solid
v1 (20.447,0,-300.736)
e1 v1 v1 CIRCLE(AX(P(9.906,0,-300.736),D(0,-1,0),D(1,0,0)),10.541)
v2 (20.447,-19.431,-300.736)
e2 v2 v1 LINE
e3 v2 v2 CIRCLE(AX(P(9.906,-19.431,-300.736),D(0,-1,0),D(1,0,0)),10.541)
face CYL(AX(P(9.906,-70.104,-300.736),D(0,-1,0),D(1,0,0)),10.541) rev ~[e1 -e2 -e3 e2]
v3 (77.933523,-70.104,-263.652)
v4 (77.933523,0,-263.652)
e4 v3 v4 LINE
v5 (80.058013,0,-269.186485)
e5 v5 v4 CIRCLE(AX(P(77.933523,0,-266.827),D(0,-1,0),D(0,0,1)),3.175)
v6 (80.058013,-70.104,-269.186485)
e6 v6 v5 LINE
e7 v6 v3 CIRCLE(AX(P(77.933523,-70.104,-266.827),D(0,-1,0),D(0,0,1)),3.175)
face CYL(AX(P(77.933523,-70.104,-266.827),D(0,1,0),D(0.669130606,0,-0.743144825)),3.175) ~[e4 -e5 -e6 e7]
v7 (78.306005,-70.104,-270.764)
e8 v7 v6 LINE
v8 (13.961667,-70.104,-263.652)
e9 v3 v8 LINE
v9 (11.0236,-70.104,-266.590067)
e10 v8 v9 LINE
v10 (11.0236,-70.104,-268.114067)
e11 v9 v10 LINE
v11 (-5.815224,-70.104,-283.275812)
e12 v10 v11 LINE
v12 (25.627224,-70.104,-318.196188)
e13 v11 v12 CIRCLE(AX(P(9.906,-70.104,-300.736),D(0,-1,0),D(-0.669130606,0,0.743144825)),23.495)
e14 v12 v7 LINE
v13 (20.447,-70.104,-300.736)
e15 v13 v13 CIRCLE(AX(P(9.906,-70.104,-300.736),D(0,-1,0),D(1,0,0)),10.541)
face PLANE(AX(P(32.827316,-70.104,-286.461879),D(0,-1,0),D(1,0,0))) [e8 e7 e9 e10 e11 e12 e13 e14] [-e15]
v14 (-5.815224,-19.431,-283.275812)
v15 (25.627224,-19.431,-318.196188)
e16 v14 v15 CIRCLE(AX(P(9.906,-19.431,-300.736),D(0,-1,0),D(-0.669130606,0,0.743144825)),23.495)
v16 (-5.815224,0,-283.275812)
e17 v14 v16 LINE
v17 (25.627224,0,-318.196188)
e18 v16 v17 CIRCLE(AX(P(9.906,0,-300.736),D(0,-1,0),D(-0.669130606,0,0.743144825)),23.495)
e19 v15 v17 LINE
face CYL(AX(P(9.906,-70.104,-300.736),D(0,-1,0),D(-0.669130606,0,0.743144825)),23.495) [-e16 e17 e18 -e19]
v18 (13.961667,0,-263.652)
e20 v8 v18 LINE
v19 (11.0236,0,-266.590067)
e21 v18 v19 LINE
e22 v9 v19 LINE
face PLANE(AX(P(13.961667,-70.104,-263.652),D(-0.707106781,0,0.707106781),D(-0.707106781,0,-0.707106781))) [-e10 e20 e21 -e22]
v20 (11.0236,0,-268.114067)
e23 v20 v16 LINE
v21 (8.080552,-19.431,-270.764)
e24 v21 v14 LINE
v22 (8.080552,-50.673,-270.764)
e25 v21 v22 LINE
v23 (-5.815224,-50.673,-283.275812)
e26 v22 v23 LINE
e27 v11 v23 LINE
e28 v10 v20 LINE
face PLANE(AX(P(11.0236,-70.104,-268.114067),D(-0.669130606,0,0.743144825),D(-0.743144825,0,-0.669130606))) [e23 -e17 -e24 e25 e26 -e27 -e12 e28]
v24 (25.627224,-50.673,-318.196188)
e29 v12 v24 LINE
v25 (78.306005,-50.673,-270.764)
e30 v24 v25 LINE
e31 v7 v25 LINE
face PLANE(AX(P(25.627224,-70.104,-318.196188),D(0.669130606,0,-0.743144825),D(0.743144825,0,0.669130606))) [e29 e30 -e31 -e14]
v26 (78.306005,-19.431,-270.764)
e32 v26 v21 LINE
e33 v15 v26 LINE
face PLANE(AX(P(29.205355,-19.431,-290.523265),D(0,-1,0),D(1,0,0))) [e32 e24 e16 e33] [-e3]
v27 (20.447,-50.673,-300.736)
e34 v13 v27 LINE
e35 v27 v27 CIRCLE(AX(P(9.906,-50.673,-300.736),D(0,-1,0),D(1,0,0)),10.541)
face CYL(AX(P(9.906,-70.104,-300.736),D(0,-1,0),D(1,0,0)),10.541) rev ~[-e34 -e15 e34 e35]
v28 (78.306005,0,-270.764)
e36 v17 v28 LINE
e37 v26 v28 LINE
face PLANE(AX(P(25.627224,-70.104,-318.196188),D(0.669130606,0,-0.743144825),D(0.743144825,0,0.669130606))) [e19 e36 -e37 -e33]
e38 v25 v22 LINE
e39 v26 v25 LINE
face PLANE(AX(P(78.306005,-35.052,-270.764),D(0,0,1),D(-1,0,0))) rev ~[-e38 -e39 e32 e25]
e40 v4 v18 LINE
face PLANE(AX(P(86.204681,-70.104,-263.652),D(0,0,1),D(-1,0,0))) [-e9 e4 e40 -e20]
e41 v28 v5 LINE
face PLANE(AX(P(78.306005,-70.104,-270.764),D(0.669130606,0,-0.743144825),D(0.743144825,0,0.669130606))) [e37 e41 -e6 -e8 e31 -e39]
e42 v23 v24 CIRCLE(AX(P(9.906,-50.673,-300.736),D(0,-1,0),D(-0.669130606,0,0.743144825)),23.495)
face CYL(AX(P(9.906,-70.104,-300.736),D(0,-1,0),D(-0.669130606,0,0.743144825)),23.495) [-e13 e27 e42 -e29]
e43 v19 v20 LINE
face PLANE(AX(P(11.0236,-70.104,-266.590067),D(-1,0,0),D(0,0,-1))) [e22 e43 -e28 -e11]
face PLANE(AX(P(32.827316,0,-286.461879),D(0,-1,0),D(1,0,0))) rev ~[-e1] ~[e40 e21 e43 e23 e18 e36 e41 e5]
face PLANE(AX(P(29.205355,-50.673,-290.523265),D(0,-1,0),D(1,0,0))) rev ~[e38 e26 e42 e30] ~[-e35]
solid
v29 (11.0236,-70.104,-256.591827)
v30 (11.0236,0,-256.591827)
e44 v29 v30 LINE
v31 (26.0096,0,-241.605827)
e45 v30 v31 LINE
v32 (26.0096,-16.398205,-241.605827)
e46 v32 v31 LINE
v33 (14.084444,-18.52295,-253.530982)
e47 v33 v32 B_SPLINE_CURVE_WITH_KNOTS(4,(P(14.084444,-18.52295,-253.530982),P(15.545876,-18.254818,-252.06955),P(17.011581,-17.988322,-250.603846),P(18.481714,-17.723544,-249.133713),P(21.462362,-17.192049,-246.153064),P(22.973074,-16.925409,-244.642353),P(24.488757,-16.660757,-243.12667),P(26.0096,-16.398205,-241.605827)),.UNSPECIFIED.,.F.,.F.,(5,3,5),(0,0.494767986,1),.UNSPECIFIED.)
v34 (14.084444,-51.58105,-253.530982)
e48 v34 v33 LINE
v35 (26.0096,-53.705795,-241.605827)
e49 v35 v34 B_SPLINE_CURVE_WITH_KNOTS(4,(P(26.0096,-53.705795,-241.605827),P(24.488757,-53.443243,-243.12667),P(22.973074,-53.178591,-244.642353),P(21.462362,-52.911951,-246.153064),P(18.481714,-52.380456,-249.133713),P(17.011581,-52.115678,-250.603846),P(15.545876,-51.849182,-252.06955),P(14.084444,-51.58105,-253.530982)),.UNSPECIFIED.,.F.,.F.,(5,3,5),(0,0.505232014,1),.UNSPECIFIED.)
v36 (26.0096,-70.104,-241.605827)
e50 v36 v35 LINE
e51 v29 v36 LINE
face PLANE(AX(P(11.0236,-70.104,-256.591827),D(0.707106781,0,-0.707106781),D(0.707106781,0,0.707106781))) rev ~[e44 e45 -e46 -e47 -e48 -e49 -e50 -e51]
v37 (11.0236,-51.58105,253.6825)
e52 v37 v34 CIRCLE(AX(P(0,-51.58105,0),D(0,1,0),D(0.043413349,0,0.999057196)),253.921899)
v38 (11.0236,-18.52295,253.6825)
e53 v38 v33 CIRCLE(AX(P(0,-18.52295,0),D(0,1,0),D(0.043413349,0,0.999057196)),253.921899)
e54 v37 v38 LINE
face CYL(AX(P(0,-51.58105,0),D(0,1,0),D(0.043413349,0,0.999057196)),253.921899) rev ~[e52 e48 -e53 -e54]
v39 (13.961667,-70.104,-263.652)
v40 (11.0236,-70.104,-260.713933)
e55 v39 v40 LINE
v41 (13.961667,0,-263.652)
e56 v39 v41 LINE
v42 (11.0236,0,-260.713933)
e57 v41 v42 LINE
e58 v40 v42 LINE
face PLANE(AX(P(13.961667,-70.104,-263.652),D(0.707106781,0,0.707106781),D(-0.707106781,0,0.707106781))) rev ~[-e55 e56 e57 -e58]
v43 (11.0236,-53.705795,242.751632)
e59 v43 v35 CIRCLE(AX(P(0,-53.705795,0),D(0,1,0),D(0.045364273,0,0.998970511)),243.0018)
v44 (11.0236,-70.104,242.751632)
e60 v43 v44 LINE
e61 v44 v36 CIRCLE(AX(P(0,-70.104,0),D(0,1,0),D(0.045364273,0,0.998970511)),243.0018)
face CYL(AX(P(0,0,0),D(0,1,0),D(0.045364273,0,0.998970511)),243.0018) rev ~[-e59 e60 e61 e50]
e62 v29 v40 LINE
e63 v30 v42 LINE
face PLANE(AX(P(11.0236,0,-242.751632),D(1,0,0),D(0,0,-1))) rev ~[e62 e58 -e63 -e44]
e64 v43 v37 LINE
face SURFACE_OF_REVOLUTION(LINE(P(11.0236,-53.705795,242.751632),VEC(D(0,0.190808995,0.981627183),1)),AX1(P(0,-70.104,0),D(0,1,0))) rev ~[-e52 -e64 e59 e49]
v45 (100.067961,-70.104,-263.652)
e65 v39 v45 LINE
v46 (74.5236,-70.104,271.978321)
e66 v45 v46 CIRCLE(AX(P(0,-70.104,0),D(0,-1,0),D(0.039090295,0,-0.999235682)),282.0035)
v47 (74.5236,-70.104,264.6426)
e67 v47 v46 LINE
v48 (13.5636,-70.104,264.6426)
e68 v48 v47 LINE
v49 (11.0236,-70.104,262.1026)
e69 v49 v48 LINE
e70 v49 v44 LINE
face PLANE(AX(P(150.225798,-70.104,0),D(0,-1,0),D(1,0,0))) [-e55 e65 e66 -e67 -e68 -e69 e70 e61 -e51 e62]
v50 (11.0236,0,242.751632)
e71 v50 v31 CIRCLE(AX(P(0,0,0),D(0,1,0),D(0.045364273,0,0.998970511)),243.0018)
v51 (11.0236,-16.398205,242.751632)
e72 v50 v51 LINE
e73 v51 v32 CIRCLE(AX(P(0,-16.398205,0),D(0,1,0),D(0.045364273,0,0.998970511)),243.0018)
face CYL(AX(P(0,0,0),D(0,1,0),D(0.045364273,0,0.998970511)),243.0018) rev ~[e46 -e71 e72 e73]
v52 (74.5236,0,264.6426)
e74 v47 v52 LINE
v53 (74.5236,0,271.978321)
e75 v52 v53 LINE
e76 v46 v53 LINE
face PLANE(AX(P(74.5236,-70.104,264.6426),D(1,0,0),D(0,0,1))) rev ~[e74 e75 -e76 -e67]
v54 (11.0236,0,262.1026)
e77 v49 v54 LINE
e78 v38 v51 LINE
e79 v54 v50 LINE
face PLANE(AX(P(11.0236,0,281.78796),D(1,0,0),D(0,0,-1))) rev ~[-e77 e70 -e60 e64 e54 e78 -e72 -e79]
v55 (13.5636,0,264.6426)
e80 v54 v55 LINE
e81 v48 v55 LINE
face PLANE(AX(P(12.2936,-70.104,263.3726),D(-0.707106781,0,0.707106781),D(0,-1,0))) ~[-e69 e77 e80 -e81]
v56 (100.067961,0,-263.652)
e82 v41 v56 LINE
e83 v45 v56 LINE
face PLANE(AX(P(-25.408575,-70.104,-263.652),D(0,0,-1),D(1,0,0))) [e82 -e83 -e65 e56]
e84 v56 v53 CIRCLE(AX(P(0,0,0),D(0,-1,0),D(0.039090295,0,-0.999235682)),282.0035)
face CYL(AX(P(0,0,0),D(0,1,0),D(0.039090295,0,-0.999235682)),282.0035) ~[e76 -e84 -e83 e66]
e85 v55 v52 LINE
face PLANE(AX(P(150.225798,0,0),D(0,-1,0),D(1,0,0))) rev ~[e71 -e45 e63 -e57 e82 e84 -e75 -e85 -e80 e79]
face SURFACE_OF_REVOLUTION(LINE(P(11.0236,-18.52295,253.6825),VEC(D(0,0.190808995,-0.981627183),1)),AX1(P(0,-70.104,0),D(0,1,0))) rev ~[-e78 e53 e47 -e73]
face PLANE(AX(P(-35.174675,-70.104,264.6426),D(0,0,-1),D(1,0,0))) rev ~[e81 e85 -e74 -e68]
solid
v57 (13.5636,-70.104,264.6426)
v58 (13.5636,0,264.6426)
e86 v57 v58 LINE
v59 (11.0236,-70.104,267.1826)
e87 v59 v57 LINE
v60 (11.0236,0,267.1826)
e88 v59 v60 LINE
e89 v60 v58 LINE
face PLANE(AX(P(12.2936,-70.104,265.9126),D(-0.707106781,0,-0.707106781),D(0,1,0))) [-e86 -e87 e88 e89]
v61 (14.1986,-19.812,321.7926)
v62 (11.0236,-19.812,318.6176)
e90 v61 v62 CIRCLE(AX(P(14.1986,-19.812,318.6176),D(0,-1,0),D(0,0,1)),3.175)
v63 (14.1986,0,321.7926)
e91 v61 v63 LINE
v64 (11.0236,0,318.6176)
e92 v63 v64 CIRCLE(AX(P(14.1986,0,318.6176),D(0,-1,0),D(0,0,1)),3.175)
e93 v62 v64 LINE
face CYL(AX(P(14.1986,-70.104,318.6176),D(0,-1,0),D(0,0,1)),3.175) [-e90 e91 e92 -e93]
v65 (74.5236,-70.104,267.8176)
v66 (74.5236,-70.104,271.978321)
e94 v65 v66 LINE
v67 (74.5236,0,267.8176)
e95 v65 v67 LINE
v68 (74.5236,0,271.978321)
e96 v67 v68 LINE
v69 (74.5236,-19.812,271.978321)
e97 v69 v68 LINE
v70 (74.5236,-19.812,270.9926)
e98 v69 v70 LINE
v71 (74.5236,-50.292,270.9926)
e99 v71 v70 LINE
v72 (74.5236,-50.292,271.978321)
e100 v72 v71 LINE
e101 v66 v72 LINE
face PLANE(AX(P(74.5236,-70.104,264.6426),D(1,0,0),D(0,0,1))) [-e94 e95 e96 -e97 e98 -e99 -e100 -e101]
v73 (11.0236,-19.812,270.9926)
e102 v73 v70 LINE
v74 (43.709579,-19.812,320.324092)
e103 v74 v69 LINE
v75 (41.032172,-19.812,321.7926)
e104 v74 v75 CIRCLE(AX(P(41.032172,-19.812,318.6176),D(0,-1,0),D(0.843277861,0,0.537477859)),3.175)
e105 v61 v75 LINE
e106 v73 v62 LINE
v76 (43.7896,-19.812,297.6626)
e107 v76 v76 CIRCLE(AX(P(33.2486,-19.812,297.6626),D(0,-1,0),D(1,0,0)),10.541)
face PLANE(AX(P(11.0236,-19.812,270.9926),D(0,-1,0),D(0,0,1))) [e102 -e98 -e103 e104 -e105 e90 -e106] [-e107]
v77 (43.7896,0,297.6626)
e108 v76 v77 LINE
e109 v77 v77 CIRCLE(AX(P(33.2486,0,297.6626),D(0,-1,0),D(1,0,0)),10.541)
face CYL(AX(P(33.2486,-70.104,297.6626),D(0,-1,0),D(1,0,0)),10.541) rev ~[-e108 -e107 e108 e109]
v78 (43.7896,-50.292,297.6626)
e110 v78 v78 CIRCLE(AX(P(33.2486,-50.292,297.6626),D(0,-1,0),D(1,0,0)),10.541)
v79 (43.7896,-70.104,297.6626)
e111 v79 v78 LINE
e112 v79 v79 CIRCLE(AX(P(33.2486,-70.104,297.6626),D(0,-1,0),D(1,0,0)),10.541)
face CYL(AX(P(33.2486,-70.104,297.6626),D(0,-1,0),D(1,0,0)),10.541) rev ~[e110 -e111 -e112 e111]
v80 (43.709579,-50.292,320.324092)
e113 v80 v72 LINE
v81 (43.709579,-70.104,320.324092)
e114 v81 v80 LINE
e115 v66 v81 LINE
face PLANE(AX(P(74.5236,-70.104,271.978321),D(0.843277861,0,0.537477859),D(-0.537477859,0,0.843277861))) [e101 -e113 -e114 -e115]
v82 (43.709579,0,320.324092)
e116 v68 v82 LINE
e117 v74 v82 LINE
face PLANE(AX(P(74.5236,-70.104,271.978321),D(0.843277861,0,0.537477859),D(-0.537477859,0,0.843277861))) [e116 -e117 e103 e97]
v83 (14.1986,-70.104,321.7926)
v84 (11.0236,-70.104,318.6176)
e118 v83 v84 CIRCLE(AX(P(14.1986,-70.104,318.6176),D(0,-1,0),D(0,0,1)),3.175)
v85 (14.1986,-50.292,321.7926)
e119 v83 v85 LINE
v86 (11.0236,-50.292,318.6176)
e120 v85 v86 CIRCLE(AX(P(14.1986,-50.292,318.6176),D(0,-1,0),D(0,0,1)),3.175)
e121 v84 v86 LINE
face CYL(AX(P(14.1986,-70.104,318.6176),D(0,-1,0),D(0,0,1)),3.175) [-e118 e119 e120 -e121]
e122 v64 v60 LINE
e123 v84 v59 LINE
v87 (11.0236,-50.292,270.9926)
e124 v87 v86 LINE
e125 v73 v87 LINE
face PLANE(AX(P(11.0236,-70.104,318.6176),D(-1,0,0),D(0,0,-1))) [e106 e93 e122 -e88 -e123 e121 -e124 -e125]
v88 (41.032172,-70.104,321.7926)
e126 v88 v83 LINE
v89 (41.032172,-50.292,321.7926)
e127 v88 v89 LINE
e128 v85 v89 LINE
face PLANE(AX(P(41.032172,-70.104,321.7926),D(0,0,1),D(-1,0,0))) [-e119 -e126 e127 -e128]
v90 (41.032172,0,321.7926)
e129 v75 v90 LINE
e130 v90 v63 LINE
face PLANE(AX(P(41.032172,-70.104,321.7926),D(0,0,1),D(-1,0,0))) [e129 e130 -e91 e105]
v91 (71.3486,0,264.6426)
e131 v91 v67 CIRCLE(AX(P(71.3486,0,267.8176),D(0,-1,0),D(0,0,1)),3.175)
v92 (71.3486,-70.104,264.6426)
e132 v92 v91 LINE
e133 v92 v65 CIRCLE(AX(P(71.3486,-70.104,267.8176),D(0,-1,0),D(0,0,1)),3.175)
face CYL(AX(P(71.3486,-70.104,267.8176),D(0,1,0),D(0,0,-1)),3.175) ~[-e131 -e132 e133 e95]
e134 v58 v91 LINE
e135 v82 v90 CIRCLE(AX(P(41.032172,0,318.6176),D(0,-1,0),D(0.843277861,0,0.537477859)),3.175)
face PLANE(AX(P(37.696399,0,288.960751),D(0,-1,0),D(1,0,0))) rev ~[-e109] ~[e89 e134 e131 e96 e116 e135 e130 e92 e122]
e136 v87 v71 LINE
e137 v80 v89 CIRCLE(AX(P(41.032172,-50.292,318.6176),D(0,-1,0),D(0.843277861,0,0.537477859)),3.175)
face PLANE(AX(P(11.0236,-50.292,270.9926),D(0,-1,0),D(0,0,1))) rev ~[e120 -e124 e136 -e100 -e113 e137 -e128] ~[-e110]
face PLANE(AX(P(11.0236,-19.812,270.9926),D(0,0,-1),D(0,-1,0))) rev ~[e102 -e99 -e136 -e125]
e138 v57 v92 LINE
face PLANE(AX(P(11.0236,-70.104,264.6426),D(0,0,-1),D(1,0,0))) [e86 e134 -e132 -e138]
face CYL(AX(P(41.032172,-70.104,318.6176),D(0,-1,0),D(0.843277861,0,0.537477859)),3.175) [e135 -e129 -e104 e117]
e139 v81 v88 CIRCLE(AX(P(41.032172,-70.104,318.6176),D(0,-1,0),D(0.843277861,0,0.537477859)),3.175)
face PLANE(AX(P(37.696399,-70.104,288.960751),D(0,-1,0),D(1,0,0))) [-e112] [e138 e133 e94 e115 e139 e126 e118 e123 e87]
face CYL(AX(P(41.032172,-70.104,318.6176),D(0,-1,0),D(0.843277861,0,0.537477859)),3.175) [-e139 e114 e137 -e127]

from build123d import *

# Parameters (mm, degrees)
F1_DEPTH  = 70.104
F4_W      = 109.6982747611
F4_H      = 35.960230231
F4_W_2    = 177.7120623738
F4_H_2    = 46.1589694023
F5_DEPTH  = 70.1050001
F6_W      = 60.452
F6_H      = 51.054
F7_DEPTH  = 59.944
F9_DEPTH  = 270.9809
F10_R     = 20.955
F11_DEPTH = 2.54
F13_R     = 10.541
F15_DEPTH = 70.104
F17_DEPTH = 70.1050001
F14_R     = 10.541
F19_DEPTH = 15.621
F20_R     = 3.175
F21_R     = 10.541
F22_DEPTH = 70.104
F23_SIZE  = 2.54
F24_R     = 3.175
F25_W     = 30.48
F25_H     = 50.8
F26_DEPTH = 270.9809
F27_SIZE  = 2.54


with BuildPart() as f1:
    # F0 (on Front) → F1 (new body)
    with BuildSketch(Plane.XZ):
        with BuildLine():
            Line((11.0236, -242.7516324276), (11.0236, -281.7879597415))
            ThreePointArc((11.0236, -281.7879597415), (282.0035, 0), (11.0236, 281.7879597415))
            Line((11.0236, 281.7879597415), (11.0236, 242.7516324276))
            ThreePointArc((11.0236, 242.7516324276), (243.0018, 0), (11.0236, -242.7516324276))
        make_face()
    extrude(amount=F1_DEPTH)

    # F2 (on face) → F3 (revolve, cut)
    with BuildSketch(Plane(origin=(11.0236, 0, 0), x_dir=(0, -1, 0), z_dir=(-1, 0, 0))):
        Polygon((18.52295, 253.6825), (16.3982045821, 242.7516324276), (53.7057954179, 242.7516324276), (51.58105, 253.6825), align=None)
    revolve(axis=Axis((0, -70.104, 0), (0, 1, 0)), mode=Mode.SUBTRACT)

    # F4 (on face) → F5 (cut, through all)
    with BuildSketch(Plane.XZ.offset(70.104)):
        with Locations((19.6744626195, 282.6227151155)):
            Rectangle(F4_W, F4_H)
        with Locations((63.4474558756, -286.7314847012)):
            Rectangle(F4_W_2, F4_H_2)
    extrude(amount=-F5_DEPTH, mode=Mode.SUBTRACT)

    # F16 (on face) → F17 (cut, through all)
    with BuildSketch(Plane.XZ.offset(70.104)):
        with BuildLine():
            Line((11.0236, -242.7516324276), (11.0236, -256.5918267325))
            Line((11.0236, -256.5918267325), (26.0096, -241.6058267325))
            ThreePointArc((26.0096, -241.6058267325), (18.5254606753, -242.2946184091), (11.0236, -242.7516324276))
        make_face()
        Polygon((11.0236, -263.652), (13.961667458, -263.652), (11.0236, -260.713932542), align=None)
    extrude(amount=-F17_DEPTH, mode=Mode.SUBTRACT)

    # F27
    f27_edges = [f1.edges().sort_by_distance(p)[0] for p in [
        (11.0236, -35.052, 264.6426),
    ]]
    chamfer(f27_edges, length=F27_SIZE)


with BuildPart() as f7:
    # F6 (on face) → F7 (new body)
    with BuildSketch(Plane(origin=(11.0236, 0, 0), x_dir=(0, -1, 0), z_dir=(-1, 0, 0))):
        with Locations((35.052, 290.1696)):
            Rectangle(F6_W, F6_H)
    extrude(amount=-F7_DEPTH)

    # F8 (on face) → F9 (cut, through all)
    with BuildSketch(Plane(origin=(11.0236, 0, 0), x_dir=(0, -1, 0), z_dir=(-1, 0, 0))):
        with BuildLine():
            Line((21.59, 315.6966), (21.59, 299.974))
            ThreePointArc((21.59, 299.974), (35.052, 286.512), (48.514, 299.974))
            Line((48.514, 299.974), (48.514, 315.6966))
            Line((48.514, 315.6966), (21.59, 315.6966))
        make_face()
    extrude(amount=-F9_DEPTH, mode=Mode.SUBTRACT)

    # F10 (on face) → F11 (cut)
    with BuildSketch(Plane.YZ.offset(70.9676)):
        with Locations((-35.052, 299.974)):
            Circle(F10_R)
    extrude(amount=-F11_DEPTH, mode=Mode.SUBTRACT)


with BuildPart() as f15:
    # F13 (on face) → F15 (new body)
    with BuildSketch(Plane.XZ.offset(70.104)):
        with BuildLine():
            Line((25.6272235964, -318.1961876746), (78.3060048335, -270.764))
            Line((78.3060048335, -270.764), (86.204681039, -263.652))
            Line((86.204681039, -263.652), (13.961667458, -263.652))
            Line((13.961667458, -263.652), (11.0236, -266.590067458))
            Line((11.0236, -266.590067458), (11.0236, -268.114067458))
            Line((11.0236, -268.114067458), (-5.8152235964, -283.2758123254))
            ThreePointArc((-5.8152235964, -283.2758123254), (-7.5541876746, -316.4572235964), (25.6272235964, -318.1961876746))
        make_face()
        with Locations((9.906, -300.736)):
            Circle(F13_R, mode=Mode.SUBTRACT)
    extrude(amount=-F15_DEPTH)

    # F14 (on offset) → F19 (cut, symmetric)
    with BuildSketch(Plane.XZ.offset(35.052)):
        with BuildLine():
            Line((25.6272235964, -318.1961876746), (78.3060048335, -270.764))
            Line((78.3060048335, -270.764), (11.0236, -270.764))
            Line((11.0236, -270.764), (8.0805517554, -270.764))
            Line((8.0805517554, -270.764), (-5.8152235964, -283.2758123254))
            ThreePointArc((-5.8152235964, -283.2758123254), (-7.5541876746, -316.4572235964), (25.6272235964, -318.1961876746))
        make_face()
        with Locations((9.906, -300.736)):
            Circle(F14_R, mode=Mode.SUBTRACT)
    extrude(amount=F19_DEPTH, both=True, mode=Mode.SUBTRACT)

    # F20
    f20_edges = [f15.edges().sort_by_distance(p)[0] for p in [
        (86.204681, -35.052, -263.652),
    ]]
    fillet(f20_edges, radius=F20_R)


with BuildPart() as f22:
    # F21 (on face) → F22 (new body, through all)
    with BuildSketch(Plane.XZ.offset(70.104)):
        with BuildLine():
            Line((11.0236, 318.6176), (11.0236, 264.6426))
            Line((11.0236, 264.6426), (74.5236, 264.6426))
            Line((74.5236, 264.6426), (74.5236, 271.9783209289))
            Line((74.5236, 271.9783209289), (43.7095790687, 320.3240922036))
            ThreePointArc((43.7095790687, 320.3240922036), (42.5590170153, 321.4013688254), (41.0321718605, 321.7926))
            Line((41.0321718605, 321.7926), (14.1986, 321.7926))
            ThreePointArc((14.1986, 321.7926), (11.9535359697, 320.8626640303), (11.0236, 318.6176))
        make_face()
        with Locations((33.2486, 297.6626)):
            Circle(F21_R, mode=Mode.SUBTRACT)
    extrude(amount=-F22_DEPTH)

    # F23
    f23_edges = [f22.edges().sort_by_distance(p)[0] for p in [
        (11.0236, -35.052, 264.6426),
    ]]
    chamfer(f23_edges, length=F23_SIZE)

    # F24
    f24_edges = [f22.edges().sort_by_distance(p)[0] for p in [
        (74.5236, -35.052, 264.6426),
    ]]
    fillet(f24_edges, radius=F24_R)

    # F25 (on face) → F26 (cut, through all)
    with BuildSketch(Plane(origin=(11.0236, 0, 0), x_dir=(0, -1, 0), z_dir=(-1, 0, 0))):
        with Locations((35.052, 296.3926)):
            Rectangle(F25_W, F25_H)
    extrude(amount=-F26_DEPTH, mode=Mode.SUBTRACT)


solid = Compound([f1.part, f15.part, f22.part])
